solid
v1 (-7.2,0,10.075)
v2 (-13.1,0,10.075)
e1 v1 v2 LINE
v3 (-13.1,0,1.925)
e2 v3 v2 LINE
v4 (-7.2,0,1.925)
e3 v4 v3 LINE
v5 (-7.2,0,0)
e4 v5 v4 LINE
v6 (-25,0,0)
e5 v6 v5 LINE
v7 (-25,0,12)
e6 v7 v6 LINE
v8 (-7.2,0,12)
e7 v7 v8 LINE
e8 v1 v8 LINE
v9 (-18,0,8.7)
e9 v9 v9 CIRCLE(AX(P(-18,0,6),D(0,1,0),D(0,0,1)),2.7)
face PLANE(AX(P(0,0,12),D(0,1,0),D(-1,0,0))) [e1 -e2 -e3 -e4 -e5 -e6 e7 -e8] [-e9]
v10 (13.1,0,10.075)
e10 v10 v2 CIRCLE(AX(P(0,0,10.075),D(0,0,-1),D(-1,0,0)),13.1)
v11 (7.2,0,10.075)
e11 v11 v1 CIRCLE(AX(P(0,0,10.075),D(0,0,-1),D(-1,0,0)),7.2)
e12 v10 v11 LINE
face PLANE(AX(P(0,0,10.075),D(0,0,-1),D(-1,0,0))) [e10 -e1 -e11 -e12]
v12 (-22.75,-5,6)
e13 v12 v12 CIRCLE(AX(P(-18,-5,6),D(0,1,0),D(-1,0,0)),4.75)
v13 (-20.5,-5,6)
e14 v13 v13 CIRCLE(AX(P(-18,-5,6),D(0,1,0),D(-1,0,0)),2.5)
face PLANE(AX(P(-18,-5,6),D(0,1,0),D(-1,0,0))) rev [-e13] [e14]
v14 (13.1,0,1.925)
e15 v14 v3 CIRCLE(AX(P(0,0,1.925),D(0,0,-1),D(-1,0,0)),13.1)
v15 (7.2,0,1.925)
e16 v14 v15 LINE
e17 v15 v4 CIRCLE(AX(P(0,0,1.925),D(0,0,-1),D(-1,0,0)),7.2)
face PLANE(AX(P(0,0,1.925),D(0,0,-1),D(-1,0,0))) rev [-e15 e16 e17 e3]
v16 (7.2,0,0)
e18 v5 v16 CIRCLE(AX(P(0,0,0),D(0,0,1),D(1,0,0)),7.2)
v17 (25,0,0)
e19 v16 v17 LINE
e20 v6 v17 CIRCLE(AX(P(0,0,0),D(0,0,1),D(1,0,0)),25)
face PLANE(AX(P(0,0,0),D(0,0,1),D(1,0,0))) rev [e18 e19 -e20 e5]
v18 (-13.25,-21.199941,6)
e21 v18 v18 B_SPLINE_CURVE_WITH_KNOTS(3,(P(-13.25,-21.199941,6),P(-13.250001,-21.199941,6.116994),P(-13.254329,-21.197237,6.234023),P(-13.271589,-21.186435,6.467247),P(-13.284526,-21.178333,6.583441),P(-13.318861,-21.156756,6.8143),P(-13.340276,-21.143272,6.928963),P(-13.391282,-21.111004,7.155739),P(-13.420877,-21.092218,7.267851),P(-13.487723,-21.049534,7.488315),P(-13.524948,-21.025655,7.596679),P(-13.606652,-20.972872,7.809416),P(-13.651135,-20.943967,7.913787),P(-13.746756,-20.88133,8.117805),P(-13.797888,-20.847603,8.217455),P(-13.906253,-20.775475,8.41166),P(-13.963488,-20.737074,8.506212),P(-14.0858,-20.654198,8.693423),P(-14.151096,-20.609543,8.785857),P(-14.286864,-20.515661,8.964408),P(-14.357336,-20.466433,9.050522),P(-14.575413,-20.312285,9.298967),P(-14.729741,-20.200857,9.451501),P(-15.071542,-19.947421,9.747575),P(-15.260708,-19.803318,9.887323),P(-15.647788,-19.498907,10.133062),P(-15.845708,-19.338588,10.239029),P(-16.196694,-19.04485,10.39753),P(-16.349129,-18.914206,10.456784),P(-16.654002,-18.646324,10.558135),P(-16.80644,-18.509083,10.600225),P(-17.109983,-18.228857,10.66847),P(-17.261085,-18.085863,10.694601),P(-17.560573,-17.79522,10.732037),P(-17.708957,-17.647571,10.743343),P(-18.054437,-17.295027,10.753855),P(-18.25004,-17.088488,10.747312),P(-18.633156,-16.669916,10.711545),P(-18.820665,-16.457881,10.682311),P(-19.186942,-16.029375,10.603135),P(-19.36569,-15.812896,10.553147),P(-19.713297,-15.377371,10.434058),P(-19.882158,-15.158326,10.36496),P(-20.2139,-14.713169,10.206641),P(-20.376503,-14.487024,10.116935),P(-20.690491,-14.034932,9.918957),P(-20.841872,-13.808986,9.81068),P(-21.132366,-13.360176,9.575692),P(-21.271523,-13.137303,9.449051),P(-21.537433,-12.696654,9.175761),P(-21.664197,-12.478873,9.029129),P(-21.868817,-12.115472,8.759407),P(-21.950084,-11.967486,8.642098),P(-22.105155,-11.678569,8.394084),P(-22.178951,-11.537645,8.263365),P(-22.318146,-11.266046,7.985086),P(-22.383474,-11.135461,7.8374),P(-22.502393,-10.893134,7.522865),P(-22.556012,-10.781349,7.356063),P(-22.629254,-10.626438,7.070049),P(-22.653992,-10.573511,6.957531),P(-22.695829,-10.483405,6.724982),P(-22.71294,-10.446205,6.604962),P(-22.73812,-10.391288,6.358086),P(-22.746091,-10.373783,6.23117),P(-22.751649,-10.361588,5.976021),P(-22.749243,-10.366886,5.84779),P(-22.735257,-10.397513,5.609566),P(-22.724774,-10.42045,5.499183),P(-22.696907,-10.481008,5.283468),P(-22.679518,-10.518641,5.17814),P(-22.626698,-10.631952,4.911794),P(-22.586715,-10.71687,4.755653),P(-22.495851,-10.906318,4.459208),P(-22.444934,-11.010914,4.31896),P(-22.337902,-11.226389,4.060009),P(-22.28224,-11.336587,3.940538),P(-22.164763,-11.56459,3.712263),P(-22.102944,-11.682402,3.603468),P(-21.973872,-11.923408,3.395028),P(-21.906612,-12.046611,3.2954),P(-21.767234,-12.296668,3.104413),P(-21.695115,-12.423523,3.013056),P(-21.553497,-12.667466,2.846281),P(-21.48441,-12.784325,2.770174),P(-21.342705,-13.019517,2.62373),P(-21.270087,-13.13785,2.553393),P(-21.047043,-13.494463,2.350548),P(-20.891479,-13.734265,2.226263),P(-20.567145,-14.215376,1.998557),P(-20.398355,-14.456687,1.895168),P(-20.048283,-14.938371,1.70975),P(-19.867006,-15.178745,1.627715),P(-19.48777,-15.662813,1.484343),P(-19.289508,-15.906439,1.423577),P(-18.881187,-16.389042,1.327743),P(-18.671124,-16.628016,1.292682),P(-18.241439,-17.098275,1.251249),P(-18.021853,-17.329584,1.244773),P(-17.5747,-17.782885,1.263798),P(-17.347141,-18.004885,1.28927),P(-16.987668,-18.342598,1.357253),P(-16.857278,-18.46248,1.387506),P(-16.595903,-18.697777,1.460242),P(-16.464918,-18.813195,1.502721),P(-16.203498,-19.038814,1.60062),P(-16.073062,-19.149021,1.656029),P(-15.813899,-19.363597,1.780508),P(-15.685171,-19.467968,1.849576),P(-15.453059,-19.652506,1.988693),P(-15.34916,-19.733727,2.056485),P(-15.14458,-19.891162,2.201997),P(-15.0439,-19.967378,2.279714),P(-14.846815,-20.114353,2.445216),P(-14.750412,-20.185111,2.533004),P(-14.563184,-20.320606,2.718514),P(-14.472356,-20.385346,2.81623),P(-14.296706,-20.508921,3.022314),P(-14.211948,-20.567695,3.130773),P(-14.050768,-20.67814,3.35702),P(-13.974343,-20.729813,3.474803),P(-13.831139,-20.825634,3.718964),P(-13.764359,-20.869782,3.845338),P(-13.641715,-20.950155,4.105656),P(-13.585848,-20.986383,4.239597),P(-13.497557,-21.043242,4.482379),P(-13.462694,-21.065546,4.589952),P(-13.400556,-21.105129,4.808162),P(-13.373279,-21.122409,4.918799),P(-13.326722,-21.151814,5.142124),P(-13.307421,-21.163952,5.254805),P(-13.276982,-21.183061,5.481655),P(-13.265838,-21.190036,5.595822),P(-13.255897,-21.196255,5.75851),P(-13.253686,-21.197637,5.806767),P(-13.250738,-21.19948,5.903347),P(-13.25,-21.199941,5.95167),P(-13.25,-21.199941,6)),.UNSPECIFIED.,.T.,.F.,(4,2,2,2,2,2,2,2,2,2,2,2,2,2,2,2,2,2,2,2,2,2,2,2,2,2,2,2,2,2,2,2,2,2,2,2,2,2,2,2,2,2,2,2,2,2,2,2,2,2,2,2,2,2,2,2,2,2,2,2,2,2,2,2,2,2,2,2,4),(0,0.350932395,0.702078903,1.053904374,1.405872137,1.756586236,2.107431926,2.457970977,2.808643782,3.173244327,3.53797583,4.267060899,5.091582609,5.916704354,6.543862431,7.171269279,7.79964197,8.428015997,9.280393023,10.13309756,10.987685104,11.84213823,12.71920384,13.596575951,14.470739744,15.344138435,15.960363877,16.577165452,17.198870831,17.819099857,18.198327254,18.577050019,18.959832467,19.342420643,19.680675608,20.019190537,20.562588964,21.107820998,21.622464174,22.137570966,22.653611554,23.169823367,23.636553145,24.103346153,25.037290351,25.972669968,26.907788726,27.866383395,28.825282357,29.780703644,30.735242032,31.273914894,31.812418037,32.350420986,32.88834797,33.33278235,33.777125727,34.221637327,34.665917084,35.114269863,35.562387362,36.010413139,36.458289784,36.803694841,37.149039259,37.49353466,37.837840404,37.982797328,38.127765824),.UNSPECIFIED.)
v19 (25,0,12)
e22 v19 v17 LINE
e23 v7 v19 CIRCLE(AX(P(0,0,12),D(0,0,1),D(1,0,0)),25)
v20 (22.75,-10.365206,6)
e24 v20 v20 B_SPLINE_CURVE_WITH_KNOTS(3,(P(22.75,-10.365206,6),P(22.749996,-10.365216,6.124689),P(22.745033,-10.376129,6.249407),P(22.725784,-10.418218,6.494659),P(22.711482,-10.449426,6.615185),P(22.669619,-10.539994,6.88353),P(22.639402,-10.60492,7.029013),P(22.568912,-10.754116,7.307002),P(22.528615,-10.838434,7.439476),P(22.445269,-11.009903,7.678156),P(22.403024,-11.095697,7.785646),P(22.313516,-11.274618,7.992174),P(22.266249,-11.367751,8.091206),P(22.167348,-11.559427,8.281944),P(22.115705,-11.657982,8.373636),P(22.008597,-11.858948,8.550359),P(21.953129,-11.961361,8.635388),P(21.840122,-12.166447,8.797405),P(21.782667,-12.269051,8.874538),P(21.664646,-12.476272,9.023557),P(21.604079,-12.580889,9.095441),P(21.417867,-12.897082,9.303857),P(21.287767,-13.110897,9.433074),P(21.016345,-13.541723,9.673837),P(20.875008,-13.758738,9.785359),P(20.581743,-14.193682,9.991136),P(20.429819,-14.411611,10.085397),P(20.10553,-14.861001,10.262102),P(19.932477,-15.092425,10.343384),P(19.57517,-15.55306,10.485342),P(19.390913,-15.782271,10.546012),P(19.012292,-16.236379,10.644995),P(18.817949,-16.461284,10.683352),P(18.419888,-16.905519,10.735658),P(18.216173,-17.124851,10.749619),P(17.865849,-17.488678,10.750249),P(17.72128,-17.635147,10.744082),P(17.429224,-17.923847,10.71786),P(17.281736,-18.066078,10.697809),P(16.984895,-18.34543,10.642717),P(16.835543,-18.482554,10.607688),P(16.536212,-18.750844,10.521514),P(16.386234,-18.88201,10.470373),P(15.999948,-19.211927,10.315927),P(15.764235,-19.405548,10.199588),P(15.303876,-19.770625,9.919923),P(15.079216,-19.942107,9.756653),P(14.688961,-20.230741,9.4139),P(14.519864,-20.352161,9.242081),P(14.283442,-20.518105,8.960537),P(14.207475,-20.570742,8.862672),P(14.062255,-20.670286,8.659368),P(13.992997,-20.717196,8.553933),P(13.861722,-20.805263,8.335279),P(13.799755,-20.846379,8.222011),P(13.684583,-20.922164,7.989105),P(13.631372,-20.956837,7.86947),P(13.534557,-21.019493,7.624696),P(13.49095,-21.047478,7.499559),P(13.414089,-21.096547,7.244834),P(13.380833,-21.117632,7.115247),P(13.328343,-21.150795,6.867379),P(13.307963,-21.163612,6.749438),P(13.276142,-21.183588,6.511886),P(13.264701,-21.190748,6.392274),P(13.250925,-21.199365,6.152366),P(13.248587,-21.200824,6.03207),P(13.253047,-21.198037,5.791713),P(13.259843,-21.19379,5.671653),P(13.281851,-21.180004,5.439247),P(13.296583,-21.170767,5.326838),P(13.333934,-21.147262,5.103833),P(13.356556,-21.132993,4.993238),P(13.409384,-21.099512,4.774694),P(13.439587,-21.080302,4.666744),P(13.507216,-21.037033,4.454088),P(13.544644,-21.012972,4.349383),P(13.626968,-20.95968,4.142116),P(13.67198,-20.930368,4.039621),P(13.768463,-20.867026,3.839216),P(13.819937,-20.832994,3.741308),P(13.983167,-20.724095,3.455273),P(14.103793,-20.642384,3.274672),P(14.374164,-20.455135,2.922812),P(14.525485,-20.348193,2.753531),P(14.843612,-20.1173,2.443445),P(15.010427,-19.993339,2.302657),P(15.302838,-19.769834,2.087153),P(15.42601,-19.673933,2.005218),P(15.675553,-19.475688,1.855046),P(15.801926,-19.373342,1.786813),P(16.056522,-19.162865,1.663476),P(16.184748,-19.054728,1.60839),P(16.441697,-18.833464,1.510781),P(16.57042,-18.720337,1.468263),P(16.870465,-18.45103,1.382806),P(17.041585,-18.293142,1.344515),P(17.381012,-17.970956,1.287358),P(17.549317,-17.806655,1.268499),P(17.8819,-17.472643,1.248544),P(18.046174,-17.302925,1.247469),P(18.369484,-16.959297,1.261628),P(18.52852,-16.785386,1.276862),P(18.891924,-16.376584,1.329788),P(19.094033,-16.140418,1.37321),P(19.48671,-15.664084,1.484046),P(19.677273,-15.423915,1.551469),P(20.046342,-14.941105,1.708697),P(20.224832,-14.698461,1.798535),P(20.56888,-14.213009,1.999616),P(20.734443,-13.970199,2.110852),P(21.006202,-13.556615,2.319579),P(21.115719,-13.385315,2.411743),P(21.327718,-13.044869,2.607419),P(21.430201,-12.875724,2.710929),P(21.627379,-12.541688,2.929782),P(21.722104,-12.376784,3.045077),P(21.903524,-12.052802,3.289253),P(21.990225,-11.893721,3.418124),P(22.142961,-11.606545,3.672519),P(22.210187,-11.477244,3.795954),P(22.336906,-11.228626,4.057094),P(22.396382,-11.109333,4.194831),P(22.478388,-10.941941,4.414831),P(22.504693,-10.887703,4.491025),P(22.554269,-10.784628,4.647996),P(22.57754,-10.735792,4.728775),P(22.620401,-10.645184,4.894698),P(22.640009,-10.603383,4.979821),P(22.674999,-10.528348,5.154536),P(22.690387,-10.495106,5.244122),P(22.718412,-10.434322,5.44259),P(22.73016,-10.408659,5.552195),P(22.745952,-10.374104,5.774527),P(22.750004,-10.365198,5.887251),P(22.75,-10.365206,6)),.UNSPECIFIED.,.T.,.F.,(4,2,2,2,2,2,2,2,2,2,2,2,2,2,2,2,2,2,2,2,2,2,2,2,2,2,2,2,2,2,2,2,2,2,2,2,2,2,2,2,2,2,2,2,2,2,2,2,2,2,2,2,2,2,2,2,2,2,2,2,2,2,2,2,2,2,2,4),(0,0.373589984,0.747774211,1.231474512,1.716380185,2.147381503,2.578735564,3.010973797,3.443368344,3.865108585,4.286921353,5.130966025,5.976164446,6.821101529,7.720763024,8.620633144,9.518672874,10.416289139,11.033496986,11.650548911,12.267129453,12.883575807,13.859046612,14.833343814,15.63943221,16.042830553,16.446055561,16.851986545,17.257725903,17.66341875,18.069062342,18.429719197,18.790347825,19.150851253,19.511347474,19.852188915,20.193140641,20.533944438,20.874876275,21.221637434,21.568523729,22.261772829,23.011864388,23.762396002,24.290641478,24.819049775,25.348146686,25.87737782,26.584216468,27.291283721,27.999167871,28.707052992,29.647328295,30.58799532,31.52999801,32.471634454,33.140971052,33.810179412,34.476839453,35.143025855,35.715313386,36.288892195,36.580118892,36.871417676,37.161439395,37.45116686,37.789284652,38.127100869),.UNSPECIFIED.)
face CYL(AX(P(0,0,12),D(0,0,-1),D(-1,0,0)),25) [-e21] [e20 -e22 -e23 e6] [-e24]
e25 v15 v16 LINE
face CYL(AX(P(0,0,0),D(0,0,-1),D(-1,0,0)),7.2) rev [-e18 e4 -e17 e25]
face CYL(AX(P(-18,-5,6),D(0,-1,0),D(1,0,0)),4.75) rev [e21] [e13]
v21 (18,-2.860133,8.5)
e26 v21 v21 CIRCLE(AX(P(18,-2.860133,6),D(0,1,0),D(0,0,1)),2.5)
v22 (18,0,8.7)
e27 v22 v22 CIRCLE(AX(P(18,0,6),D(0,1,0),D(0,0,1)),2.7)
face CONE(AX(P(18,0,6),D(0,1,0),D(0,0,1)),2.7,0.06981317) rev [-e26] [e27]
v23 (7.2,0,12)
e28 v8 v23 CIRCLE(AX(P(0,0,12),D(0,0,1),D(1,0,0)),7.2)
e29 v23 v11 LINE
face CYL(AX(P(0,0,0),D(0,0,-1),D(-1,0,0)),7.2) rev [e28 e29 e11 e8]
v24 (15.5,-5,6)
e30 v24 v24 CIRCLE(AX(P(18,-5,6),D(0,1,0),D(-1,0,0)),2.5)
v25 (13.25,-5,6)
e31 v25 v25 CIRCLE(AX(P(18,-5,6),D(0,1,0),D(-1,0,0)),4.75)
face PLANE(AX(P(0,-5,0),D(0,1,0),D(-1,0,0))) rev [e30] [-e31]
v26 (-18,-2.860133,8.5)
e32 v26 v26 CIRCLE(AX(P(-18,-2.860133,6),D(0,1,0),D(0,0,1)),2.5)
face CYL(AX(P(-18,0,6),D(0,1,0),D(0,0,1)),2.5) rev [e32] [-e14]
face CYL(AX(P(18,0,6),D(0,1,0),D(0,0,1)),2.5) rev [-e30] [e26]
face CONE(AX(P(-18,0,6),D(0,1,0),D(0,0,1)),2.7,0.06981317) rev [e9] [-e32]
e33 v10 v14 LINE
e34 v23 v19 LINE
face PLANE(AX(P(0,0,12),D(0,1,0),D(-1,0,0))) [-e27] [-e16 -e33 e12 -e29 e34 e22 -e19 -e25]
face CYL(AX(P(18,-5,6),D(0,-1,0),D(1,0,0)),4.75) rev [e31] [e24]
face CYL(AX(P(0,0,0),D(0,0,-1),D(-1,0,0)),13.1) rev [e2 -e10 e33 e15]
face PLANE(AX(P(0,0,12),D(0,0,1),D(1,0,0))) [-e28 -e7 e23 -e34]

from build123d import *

# Parameters (mm, degrees)
BOSS_EXTRUDE1_DEPTH                          = 12
SKETCH2_R                                    = 4.75
CUT_EXTRUDE1_DEPTH                           = 35
SKETCH3_R                                    = 2.05
CUT_EXTRUDE2_DEPTH                           = 35
SKETCH4_W                                    = 5.9
SKETCH4_H                                    = 8.15
CSK_FOR_M3_CROSS_COUNTERSUNK_HEAD_SC_2_COUNT = 2
CSK_FOR_M3_CROSS_COUNTERSUNK_HEAD_SC_2_PITCH = 36


with BuildPart() as part:
    # Sketch1 → Boss-Extrude1 (new body)
    with BuildSketch(Plane.XY):
        with BuildLine():
            Line((-9.1, 0), (-25, 0))
            ThreePointArc((-25, 0), (0, -25), (25, 0))
            Line((25, 0), (9.211282306, 0))
            Line((9.211282306, 0), (9.1, 0))
            Line((9.1, 0), (-9.1, 0))
        make_face()
    extrude(amount=BOSS_EXTRUDE1_DEPTH)

    # Sketch2 → Cut-Extrude1 (cut)
    with BuildSketch(Plane(origin=(0, -40, 0), x_dir=(1, 0, 0), z_dir=(0, 1, 0))):
        with Locations((18, -6)):
            Circle(SKETCH2_R)
        with Locations((-18, -6)):
            Circle(SKETCH2_R)
    extrude(amount=CUT_EXTRUDE1_DEPTH, mode=Mode.SUBTRACT)

    # Sketch3 → Cut-Extrude2 (cut)
    with BuildSketch(Plane.XZ.offset(5)):
        with Locations((18, 6)):
            Circle(SKETCH3_R)
        with Locations((-18, 6)):
            Circle(SKETCH3_R)
    extrude(amount=-CUT_EXTRUDE2_DEPTH, mode=Mode.SUBTRACT)

    # Sketch4 → Cut-Revolve1 (revolve, cut)
    with BuildSketch(Plane(origin=(0, 0, 0), x_dir=(1, 0, 0), z_dir=(0, 1, 0))):
        Polygon((0, -12), (0, 0), (-7.2, 0), (-7.2, -1.925), (-7.2, -10.075), (-7.2, -12), align=None)
        with Locations((-10.15, -6)):
            Rectangle(SKETCH4_W, SKETCH4_H)
    revolve(axis=Axis((0, 0, 0), (0, 0, 1)), mode=Mode.SUBTRACT)

    # Sketch6 → CSK for M3 Cross Countersunk Head Screw1 (revolve, cut)
    with BuildSketch(Plane(origin=(18, 0, 6), x_dir=(0, 0, 1), z_dir=(1, 0, 0))):
        Polygon((0, 0), (0, 25), (2.5, 25), (2.5, 2.860133251), (2.7, 0), align=None)
    csk_for_m3_cross_countersunk_head_screw1 = revolve(axis=Axis((18, 6.35, 6), (0, -1, 0)), mode=Mode.SUBTRACT)

    # CSK for M3 Cross Countersunk Head Sc 2: CSK for M3 Cross Countersunk Head Screw1 ×2
    with Locations(*[(-i * CSK_FOR_M3_CROSS_COUNTERSUNK_HEAD_SC_2_PITCH, 0, 0) for i in range(1, CSK_FOR_M3_CROSS_COUNTERSUNK_HEAD_SC_2_COUNT)]):
        add(csk_for_m3_cross_countersunk_head_screw1, mode=Mode.SUBTRACT)


solid = part.part
